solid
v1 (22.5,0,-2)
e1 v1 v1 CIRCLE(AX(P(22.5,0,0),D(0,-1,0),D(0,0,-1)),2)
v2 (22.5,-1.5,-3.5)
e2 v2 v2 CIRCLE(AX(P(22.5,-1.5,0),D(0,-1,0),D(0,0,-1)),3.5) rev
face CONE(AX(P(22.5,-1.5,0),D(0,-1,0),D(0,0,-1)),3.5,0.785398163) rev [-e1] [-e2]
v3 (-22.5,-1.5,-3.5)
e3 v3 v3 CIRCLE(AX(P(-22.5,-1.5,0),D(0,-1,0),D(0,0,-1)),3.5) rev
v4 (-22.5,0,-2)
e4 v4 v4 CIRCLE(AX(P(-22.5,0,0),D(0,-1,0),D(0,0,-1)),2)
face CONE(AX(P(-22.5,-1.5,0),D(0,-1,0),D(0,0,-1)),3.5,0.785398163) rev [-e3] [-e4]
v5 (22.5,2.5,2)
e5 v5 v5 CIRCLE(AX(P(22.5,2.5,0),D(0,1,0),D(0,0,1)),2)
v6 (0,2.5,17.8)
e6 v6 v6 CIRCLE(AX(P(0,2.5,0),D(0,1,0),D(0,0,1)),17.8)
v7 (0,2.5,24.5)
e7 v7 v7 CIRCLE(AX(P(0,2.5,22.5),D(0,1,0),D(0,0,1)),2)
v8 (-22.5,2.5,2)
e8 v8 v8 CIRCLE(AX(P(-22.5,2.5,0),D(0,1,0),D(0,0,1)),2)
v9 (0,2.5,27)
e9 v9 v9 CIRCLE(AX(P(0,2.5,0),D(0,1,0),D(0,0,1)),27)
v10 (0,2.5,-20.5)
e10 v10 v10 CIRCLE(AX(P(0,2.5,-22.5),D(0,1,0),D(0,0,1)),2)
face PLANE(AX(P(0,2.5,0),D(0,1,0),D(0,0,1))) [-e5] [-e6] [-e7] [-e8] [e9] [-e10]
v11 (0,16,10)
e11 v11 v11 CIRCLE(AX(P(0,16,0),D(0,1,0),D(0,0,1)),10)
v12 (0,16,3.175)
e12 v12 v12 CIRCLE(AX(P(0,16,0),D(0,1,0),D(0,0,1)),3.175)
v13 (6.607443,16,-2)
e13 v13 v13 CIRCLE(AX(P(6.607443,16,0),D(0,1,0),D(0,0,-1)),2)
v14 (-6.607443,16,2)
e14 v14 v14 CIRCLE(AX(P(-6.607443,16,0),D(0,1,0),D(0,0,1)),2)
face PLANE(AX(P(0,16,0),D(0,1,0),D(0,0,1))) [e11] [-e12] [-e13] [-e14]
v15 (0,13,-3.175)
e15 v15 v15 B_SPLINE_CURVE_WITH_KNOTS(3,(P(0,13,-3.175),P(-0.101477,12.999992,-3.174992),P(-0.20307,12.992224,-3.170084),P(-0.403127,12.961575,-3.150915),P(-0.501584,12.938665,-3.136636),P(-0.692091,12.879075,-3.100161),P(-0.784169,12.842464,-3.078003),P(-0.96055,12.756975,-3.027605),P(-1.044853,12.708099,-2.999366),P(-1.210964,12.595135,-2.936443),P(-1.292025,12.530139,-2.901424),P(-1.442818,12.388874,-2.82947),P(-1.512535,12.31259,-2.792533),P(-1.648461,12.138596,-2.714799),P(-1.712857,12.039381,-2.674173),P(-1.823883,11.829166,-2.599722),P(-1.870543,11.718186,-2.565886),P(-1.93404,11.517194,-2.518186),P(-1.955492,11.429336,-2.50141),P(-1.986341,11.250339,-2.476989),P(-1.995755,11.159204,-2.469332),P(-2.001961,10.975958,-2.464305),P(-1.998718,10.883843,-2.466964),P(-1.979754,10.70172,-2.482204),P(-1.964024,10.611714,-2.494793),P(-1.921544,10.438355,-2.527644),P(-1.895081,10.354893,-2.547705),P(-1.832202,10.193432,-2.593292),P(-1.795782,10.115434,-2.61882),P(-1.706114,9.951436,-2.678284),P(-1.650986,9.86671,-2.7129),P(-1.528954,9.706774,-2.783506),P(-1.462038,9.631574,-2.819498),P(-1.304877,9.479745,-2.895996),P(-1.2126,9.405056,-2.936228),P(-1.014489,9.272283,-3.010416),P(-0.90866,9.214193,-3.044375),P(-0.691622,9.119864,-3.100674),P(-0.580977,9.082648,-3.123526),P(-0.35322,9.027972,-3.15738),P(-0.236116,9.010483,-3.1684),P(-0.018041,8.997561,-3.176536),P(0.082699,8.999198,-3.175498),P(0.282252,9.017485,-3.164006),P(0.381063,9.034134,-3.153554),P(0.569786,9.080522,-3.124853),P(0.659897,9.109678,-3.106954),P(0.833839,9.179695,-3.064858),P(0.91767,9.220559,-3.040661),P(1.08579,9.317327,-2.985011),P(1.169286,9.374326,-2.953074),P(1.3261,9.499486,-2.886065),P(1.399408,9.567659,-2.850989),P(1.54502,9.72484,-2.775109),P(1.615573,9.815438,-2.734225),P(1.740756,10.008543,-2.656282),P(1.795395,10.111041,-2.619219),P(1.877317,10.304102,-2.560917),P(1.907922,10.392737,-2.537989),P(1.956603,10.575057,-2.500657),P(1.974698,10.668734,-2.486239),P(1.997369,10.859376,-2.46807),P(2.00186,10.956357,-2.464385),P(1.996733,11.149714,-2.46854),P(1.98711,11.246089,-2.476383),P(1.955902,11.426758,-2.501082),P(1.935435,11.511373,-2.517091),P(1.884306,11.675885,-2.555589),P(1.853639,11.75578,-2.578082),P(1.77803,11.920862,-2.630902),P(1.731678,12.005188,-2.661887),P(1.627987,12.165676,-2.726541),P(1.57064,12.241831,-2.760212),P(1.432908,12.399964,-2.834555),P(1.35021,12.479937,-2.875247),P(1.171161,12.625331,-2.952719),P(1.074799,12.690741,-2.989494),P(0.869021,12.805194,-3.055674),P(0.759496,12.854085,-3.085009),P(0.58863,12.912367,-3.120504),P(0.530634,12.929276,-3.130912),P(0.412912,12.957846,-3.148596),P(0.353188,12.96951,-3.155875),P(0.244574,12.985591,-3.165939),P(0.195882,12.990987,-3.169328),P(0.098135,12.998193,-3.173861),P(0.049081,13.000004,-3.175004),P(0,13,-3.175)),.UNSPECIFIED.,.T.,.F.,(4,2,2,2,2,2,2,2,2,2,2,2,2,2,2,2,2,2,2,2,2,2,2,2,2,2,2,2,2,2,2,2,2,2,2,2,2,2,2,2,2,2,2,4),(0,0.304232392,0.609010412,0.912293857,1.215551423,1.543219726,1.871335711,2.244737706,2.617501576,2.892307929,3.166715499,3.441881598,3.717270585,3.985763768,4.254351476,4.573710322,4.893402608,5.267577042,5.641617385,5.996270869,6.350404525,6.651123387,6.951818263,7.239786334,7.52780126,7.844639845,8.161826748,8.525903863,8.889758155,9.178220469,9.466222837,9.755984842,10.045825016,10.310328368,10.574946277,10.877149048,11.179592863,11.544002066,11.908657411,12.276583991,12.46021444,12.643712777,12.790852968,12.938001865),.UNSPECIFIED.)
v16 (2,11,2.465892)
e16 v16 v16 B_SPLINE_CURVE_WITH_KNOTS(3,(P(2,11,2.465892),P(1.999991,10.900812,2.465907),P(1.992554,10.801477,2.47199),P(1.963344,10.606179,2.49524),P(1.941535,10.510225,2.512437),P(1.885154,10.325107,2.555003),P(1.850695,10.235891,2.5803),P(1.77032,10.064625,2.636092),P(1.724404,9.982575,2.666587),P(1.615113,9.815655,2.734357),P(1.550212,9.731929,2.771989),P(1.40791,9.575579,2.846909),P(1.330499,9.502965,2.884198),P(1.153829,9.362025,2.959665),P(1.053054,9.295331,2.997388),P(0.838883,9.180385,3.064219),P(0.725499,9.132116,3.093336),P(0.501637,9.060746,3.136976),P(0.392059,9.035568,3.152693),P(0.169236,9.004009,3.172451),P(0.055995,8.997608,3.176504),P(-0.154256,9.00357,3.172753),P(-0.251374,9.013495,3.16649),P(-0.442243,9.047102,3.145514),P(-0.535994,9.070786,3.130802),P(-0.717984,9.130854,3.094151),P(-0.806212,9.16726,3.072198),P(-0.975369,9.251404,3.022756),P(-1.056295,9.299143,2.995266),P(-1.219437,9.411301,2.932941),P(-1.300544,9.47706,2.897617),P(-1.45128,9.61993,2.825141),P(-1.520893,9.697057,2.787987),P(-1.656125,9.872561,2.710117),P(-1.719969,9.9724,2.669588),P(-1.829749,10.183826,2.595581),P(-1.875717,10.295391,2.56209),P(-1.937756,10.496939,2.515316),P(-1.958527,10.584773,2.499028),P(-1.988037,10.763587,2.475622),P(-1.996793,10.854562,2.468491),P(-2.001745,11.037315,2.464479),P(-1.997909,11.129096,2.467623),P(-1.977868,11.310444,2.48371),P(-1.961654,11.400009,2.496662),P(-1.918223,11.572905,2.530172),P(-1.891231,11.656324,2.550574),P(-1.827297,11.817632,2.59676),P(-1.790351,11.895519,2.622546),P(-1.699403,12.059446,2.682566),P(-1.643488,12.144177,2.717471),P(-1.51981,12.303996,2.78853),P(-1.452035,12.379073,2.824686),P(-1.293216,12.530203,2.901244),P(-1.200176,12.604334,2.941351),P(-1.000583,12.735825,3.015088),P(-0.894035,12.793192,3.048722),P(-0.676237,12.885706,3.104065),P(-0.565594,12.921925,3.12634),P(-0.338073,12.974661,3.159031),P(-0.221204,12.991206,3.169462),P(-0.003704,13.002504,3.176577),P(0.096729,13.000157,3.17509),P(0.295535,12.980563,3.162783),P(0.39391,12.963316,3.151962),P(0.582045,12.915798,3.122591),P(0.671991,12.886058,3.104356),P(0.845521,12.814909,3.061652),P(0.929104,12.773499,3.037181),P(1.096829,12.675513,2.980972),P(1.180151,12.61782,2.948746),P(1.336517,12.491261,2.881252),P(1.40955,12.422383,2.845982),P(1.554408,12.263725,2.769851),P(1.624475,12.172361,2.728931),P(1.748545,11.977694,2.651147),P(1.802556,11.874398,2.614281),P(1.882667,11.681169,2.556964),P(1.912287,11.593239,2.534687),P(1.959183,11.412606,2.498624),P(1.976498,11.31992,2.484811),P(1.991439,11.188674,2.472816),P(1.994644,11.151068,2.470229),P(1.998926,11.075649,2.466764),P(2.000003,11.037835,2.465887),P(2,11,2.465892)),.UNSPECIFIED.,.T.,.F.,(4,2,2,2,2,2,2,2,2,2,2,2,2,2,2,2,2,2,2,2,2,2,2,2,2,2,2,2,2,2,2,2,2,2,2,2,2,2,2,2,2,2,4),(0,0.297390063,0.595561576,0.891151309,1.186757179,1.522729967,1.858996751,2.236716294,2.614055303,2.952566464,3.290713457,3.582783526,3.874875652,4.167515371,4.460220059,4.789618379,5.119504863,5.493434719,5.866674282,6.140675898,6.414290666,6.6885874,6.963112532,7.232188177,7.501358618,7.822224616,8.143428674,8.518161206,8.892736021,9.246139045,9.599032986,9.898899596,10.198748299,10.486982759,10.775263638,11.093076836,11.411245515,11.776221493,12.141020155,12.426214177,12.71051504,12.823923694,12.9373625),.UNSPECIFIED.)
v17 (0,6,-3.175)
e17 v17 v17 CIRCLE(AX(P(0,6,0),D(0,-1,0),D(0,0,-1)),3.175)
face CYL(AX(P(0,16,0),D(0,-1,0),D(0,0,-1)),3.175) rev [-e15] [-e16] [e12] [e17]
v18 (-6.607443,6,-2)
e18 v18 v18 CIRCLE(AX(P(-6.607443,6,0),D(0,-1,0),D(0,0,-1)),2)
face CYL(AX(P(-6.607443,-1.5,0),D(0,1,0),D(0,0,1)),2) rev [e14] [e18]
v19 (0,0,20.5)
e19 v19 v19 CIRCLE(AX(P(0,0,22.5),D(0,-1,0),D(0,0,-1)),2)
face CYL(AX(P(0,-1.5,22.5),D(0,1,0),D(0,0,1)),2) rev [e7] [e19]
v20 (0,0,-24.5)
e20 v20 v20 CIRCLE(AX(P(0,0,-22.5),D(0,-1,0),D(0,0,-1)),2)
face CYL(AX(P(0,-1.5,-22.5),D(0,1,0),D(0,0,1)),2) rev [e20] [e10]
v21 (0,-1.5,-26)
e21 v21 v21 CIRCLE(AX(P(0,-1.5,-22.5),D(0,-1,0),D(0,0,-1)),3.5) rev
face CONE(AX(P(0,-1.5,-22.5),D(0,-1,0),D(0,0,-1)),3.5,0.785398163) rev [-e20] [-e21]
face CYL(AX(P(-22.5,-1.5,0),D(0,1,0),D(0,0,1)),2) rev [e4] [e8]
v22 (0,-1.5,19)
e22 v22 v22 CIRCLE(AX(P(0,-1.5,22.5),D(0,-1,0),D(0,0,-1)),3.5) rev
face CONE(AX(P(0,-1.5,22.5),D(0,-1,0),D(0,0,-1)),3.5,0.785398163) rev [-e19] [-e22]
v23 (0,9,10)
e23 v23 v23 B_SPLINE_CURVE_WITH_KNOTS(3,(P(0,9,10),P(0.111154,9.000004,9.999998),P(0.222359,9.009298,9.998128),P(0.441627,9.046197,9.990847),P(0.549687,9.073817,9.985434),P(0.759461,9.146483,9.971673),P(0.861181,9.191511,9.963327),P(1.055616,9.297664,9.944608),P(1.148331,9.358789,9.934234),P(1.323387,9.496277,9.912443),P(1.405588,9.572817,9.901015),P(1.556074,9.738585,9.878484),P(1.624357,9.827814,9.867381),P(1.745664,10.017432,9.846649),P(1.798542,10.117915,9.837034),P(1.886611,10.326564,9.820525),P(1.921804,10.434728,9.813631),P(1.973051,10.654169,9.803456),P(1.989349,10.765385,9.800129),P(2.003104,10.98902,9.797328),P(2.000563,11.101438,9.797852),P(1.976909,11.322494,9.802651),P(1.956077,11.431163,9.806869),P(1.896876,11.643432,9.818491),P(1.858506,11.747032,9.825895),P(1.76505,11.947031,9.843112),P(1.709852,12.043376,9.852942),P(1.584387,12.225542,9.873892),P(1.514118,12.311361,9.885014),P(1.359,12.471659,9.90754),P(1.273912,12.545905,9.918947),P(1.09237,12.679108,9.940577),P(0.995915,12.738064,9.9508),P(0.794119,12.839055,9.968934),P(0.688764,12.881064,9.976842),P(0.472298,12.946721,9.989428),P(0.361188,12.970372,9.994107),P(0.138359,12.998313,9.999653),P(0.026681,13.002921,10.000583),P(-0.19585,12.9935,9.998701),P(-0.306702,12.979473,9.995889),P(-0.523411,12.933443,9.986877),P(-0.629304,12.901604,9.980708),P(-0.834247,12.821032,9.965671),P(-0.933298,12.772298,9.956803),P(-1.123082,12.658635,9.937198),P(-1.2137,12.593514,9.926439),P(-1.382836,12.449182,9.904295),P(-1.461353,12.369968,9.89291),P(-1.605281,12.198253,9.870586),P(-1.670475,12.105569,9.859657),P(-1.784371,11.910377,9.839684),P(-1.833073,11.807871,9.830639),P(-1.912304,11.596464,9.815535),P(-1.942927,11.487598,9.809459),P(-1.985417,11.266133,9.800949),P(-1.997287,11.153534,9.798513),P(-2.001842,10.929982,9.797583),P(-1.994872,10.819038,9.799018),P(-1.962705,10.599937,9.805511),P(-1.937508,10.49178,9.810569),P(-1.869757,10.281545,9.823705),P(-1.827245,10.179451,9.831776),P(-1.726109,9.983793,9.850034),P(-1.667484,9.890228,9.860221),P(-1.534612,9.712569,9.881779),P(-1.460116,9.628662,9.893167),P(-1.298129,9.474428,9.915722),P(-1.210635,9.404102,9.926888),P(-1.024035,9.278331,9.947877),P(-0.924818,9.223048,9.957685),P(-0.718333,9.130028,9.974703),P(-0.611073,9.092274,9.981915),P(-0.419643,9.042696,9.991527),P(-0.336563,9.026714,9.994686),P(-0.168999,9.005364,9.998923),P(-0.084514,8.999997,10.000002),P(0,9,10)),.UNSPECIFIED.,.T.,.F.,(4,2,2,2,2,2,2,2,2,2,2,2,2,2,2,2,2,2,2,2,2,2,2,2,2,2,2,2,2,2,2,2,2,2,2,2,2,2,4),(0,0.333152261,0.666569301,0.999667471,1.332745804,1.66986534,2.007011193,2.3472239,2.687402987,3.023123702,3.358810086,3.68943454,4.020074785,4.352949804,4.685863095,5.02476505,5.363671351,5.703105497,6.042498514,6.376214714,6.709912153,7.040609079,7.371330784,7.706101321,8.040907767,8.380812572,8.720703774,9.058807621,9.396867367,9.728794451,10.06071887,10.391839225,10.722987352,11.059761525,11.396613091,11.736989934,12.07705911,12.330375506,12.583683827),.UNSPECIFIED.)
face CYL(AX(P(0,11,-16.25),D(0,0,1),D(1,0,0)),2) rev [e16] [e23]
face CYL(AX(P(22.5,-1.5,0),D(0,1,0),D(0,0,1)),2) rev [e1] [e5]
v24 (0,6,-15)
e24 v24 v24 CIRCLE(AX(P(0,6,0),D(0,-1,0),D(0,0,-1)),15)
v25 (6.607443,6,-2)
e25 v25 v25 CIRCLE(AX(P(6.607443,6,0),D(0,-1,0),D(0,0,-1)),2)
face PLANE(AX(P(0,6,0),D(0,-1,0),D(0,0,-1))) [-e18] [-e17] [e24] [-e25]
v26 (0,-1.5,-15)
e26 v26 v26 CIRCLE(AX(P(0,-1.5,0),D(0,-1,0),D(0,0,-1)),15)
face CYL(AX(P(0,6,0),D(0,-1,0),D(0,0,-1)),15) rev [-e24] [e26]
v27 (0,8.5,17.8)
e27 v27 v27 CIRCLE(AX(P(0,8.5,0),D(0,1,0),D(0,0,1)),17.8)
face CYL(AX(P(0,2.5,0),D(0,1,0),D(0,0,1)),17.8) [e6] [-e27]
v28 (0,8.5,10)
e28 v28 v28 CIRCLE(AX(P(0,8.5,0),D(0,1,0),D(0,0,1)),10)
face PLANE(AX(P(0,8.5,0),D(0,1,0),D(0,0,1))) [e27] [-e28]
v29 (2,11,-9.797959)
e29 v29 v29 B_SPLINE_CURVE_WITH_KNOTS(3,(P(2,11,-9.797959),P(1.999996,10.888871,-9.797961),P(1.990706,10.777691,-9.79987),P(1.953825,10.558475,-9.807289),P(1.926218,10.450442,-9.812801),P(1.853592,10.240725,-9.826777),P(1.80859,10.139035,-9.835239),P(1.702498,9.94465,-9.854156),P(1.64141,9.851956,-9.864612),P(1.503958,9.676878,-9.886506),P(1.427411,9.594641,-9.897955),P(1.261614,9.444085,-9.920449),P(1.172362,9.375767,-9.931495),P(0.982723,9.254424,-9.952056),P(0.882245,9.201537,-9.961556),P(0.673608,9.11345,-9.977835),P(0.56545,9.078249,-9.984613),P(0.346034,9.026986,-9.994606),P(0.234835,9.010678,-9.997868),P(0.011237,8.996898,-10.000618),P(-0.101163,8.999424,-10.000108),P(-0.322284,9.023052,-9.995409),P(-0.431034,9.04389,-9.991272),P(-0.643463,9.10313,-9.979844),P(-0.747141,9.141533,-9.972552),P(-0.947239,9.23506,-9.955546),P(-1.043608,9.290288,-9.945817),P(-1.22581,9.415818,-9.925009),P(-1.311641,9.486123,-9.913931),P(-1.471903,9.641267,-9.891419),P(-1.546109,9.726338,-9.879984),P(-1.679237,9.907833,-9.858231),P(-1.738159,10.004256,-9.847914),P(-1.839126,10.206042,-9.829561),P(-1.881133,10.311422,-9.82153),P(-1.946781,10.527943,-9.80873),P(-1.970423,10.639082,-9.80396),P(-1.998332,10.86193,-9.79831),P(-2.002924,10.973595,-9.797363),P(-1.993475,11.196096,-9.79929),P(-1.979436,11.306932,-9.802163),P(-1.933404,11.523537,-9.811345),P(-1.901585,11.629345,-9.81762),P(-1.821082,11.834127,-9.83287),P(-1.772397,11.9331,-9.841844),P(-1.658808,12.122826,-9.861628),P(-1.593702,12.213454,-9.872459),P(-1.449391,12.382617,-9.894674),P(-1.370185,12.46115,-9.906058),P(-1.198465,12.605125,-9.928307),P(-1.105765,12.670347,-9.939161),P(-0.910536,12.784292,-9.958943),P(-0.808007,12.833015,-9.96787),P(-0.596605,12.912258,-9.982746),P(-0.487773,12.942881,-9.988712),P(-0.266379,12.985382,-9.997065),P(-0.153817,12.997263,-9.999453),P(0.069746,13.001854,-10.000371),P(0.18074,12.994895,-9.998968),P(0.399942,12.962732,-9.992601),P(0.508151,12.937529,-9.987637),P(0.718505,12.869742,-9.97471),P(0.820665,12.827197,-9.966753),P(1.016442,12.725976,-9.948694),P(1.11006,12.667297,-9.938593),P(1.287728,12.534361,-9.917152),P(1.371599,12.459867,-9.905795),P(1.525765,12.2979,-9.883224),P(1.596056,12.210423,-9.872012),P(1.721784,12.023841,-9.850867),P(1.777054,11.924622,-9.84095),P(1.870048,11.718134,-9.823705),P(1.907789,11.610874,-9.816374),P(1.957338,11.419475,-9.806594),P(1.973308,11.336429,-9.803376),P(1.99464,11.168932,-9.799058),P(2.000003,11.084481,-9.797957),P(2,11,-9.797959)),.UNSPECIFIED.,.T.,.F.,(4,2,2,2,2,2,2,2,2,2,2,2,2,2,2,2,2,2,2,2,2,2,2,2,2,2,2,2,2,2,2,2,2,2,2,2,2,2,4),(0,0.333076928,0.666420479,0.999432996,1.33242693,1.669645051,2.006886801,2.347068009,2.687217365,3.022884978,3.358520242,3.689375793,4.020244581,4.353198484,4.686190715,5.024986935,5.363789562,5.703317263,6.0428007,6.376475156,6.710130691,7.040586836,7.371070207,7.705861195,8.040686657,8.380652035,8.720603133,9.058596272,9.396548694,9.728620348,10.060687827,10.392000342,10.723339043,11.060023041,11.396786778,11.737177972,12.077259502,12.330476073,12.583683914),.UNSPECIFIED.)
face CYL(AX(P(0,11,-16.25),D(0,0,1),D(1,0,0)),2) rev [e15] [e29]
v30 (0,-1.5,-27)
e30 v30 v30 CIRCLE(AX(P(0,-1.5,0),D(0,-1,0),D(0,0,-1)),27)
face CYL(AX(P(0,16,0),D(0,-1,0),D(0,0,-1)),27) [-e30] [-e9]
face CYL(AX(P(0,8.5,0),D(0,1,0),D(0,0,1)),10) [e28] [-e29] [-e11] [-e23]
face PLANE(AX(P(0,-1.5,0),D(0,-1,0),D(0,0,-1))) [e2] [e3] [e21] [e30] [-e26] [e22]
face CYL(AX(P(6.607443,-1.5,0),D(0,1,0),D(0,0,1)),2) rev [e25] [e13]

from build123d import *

# Parameters (mm, degrees)
SKETCH_1_R          = 27
SKETCH_1_R_2        = 3.175
EXTRUDE_1_DEPTH     = 16
CUT_EXTRUDE_START   = -7.5
SKETCH_2_R          = 27
SKETCH_2_R_2        = 10
CUT_EXTRUDE_1_DEPTH = 7.5
SKETCH_3_R          = 15
CUT_EXTRUDE_2_DEPTH = 6
CUT_EXTRUDE_START_2 = -6
SKETCH_4_R          = 27
SKETCH_4_R_2        = 17.8
CUT_EXTRUDE_3_DEPTH = 6
SKETCH_5_R          = 2
CUT_EXTRUDE_4_DEPTH = 16.25
EXTRUDE_START       = 1.5
SKETCH_6_R          = 27
SKETCH_6_R_2        = 15
EXTRUDE_5_DEPTH     = 1.5
SKETCH_7_R          = 2
CUT_EXTRUDE_6_DEPTH = 41.500000033
CHAMFER_1_SIZE      = 1.5
SKETCH_8_R          = 2
CUT_EXTRUDE_7_DEPTH = 43.002976085


with BuildPart() as part:
    # Эскиз1 → Вытянуть1 (new body)
    with BuildSketch(Plane(origin=(0, 0, 0), x_dir=(1, 0, 0), z_dir=(0, 1, 0))):
        with Locations(Location((0, 0, 0), (0, 0, 270))):
            Circle(SKETCH_1_R)
        with Locations(Location((0, 0, 0), (0, 0, 270))):
            Circle(SKETCH_1_R_2, mode=Mode.SUBTRACT)
    extrude(amount=EXTRUDE_1_DEPTH)

    # Эскиз2 → Вырез-Вытянуть1 (cut)
    with BuildSketch(Plane(origin=(0, 16, 0), x_dir=(1, 0, 0), z_dir=(0, 1, 0)).offset(CUT_EXTRUDE_START)):
        with Locations(Location((0, 0, 0), (0, 0, 270))):
            Circle(SKETCH_2_R)
        with Locations(Location((0, 0, 0), (0, 0, 270))):
            Circle(SKETCH_2_R_2, mode=Mode.SUBTRACT)
    extrude(amount=CUT_EXTRUDE_1_DEPTH, mode=Mode.SUBTRACT)

    # Эскиз3 → Вытянуть2 (cut)
    with BuildSketch(Plane.XZ):
        with Locations(Location((0, 0, 0), (0, 0, 270))):
            Circle(SKETCH_3_R)
    extrude(amount=-CUT_EXTRUDE_2_DEPTH, mode=Mode.SUBTRACT)

    # Эскиз4 → Вытянуть3 (cut)
    with BuildSketch(Plane(origin=(0, 8.5, 0), x_dir=(1, 0, 0), z_dir=(0, 1, 0)).offset(CUT_EXTRUDE_START_2)):
        with Locations(Location((0, 0, 0), (0, 0, 270))):
            Circle(SKETCH_4_R)
        with Locations(Location((0, 0, 0), (0, 0, 270))):
            Circle(SKETCH_4_R_2, mode=Mode.SUBTRACT)
    extrude(amount=CUT_EXTRUDE_3_DEPTH, mode=Mode.SUBTRACT)

    # Эскиз5 → Вытянуть4 (cut, symmetric)
    with BuildSketch(Plane.XY):
        with Locations((0, 11)):
            Circle(SKETCH_5_R)
    extrude(amount=CUT_EXTRUDE_4_DEPTH, both=True, mode=Mode.SUBTRACT)

    # Эскиз6 → Вытянуть5 (add)
    with BuildSketch(Plane.XZ.offset(EXTRUDE_START)):
        with Locations(Location((0, 0, 0), (0, 0, 270))):
            Circle(SKETCH_6_R)
        with Locations(Location((0, 0, 0), (0, 0, 270))):
            Circle(SKETCH_6_R_2, mode=Mode.SUBTRACT)
    extrude(amount=-EXTRUDE_5_DEPTH)

    # Эскиз7 → Вытянуть6 (cut, through all)
    with BuildSketch(Plane(origin=(0, 2.5, 0), x_dir=(1, 0, 0), z_dir=(0, 1, 0))):
        with Locations(Location((0, 22.5, 0), (0, 0, 270))):
            Circle(SKETCH_7_R)
        with Locations(Location((22.5, 0, 0), (0, 0, 270))):
            Circle(SKETCH_7_R)
        with Locations(Location((0, -22.5, 0), (0, 0, 270))):
            Circle(SKETCH_7_R)
        with Locations(Location((-22.5, 0, 0), (0, 0, 270))):
            Circle(SKETCH_7_R)
    extrude(amount=-CUT_EXTRUDE_6_DEPTH, mode=Mode.SUBTRACT)

    # Фаска1
    chamfer_1_edges = [part.edges().sort_by_distance(p)[0] for p in [
        (0, -1.5, -24.5),
        (22.5, -1.5, -2),
        (0, -1.5, 20.5),
        (-22.5, -1.5, -2),
    ]]
    chamfer(chamfer_1_edges, length=CHAMFER_1_SIZE)

    # Эскиз8 → Вытянуть7 (cut, through all)
    with BuildSketch(Plane(origin=(0, 16, 0), x_dir=(1, 0, 0), z_dir=(0, 1, 0))):
        with Locations(Location((-6.60744303, 0, 0), (0, 0, 270))):
            Circle(SKETCH_8_R)
        with Locations(Location((6.60744303, 0, 0), (0, 0, 90))):
            Circle(SKETCH_8_R)
    extrude(amount=-CUT_EXTRUDE_7_DEPTH, mode=Mode.SUBTRACT)


solid = part.part
